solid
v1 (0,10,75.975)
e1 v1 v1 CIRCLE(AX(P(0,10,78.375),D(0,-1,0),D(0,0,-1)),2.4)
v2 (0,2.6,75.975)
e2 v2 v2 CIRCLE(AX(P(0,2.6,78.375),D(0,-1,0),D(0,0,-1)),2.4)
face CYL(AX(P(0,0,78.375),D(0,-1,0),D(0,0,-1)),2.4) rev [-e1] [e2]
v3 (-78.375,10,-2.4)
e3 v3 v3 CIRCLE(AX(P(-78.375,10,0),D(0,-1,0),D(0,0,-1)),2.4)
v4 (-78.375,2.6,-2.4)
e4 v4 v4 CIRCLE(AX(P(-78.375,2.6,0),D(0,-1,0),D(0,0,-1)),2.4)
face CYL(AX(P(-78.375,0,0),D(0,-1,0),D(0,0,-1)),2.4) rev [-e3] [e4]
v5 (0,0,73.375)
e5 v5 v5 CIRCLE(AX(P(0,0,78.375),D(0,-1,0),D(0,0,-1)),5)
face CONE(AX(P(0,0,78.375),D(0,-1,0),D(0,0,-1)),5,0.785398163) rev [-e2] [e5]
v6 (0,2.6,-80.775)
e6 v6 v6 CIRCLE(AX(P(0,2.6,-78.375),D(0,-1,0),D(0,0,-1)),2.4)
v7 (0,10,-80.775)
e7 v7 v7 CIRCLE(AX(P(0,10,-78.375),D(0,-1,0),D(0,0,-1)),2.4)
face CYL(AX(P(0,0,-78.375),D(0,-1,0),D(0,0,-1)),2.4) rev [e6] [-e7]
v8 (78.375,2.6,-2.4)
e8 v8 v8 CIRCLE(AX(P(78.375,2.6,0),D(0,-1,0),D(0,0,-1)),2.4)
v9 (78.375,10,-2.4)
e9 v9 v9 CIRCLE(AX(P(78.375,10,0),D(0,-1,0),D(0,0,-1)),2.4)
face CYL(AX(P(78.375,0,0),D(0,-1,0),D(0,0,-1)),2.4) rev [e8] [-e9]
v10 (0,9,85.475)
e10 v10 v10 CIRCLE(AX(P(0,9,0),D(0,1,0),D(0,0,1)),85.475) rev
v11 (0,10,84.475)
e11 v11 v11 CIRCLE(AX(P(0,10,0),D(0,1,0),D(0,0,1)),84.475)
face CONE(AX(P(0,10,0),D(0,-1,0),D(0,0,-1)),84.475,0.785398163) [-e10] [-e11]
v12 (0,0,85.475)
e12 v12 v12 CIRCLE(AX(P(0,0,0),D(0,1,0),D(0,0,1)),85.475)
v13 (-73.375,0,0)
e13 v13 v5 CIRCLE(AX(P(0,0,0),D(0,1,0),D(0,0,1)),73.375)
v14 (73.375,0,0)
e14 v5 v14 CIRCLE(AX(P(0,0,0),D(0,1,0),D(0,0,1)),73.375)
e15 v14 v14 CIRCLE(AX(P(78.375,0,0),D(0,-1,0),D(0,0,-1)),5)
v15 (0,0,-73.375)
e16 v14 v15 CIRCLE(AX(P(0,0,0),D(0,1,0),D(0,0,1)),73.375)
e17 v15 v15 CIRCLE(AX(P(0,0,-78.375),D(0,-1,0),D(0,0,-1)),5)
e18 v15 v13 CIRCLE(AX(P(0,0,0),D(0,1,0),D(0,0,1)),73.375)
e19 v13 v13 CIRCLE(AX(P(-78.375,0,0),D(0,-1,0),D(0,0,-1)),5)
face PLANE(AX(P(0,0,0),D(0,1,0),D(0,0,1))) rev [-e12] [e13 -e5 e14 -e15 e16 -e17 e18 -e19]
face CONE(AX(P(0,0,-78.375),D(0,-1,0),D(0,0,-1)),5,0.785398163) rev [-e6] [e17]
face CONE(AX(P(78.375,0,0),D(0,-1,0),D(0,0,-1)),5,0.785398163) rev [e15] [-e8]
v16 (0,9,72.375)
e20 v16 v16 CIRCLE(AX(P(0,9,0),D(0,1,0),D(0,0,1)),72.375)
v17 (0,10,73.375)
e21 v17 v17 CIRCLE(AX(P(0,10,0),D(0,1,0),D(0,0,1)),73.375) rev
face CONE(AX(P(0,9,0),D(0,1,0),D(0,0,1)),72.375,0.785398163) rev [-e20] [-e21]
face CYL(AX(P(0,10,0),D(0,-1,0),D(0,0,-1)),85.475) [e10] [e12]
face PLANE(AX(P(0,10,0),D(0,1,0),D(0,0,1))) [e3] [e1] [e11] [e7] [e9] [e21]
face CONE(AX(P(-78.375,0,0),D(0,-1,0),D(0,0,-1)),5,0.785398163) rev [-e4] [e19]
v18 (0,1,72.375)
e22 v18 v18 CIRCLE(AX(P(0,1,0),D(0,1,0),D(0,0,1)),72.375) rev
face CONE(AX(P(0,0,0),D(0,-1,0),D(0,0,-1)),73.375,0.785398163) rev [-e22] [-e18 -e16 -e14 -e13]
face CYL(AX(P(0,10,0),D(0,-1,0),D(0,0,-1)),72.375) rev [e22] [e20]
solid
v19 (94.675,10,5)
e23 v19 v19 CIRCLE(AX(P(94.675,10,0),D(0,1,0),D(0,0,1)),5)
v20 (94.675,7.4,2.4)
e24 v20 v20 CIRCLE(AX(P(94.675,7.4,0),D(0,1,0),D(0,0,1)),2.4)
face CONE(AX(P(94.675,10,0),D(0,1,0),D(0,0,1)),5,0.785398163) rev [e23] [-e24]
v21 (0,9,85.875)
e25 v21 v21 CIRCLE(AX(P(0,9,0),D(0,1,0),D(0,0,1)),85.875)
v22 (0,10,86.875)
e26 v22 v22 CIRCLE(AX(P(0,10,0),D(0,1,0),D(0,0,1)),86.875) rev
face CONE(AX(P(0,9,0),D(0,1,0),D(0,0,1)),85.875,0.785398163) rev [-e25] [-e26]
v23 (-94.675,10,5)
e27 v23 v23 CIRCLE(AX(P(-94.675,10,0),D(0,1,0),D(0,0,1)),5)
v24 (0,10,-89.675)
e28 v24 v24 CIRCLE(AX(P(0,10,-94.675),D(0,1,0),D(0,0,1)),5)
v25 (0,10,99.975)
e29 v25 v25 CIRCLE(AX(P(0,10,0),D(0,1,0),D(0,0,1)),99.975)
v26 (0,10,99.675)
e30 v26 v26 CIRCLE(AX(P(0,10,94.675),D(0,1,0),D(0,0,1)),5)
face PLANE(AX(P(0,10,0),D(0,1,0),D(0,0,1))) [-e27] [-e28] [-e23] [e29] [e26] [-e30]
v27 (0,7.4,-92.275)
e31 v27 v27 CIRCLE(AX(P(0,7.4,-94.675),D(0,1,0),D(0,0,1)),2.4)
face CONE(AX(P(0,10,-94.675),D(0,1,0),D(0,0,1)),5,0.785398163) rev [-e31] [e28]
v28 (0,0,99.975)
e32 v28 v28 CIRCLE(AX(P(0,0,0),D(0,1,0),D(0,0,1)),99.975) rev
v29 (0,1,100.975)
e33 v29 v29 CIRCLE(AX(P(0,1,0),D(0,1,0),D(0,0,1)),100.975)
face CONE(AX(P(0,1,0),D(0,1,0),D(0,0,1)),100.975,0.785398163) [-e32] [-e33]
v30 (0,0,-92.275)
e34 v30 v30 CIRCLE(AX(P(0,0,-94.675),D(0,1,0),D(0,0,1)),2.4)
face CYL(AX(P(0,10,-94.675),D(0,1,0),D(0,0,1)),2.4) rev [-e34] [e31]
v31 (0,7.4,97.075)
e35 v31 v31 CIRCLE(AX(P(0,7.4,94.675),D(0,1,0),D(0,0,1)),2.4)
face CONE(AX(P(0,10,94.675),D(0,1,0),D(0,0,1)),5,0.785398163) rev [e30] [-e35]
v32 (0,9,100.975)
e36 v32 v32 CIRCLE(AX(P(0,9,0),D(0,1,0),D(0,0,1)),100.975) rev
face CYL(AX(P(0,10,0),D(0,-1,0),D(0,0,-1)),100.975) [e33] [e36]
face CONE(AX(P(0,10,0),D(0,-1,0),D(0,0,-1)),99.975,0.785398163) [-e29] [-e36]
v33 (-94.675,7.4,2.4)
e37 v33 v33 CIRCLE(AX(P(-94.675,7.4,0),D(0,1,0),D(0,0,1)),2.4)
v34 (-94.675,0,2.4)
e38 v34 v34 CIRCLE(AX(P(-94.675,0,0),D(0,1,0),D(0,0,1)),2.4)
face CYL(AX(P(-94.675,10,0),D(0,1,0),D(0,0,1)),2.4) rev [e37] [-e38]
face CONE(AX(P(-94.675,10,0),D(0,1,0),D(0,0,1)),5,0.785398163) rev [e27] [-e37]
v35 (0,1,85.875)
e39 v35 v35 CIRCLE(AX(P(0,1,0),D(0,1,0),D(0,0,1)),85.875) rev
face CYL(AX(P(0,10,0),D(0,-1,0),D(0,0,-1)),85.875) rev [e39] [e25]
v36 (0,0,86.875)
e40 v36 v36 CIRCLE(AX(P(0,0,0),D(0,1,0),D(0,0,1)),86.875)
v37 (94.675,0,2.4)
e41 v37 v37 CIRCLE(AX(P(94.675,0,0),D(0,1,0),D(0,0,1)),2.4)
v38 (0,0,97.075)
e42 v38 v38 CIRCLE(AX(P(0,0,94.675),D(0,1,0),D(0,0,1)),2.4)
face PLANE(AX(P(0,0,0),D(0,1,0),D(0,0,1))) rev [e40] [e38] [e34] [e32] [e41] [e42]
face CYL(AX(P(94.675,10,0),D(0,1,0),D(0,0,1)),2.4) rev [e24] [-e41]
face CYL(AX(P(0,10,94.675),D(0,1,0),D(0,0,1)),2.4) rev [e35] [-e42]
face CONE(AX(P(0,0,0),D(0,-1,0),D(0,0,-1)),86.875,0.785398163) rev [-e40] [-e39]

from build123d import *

# Parameters (mm, degrees)
SKETCH1_R                                      = 100.975
SKETCH1_R_2                                    = 85.875
BOSS_EXTRUDE1_DEPTH                            = 10
SKETCH1_R_3                                    = 85.475
SKETCH1_R_4                                    = 72.375
BOSS_EXTRUDE1_2_DEPTH                          = 10
CHAMFER1_SIZE                                  = 1
CHAMFER2_SIZE                                  = 1
CSK_FOR_M4_FLAT_HEAD_MACHINE_SCREW1_AT_2_COUNT = 2
CSK_FOR_M4_FLAT_HEAD_MACHINE_SCREW1_AT_2_PITCH = 133.890669018
CSK_FOR_M4_FLAT_HEAD_MACHINE_SCREW1_AT_3_COUNT = 2
CSK_FOR_M4_FLAT_HEAD_MACHINE_SCREW1_AT_3_PITCH = 189.35
CSK_FOR_M4_FLAT_HEAD_MACHINE_SCREW1_AT_4_COUNT = 2
CSK_FOR_M4_FLAT_HEAD_MACHINE_SCREW1_AT_4_PITCH = 133.890669018
CSK_FOR_M4_FLAT_HEAD_MACHINE_SCREW2_AT_2_COUNT = 2
CSK_FOR_M4_FLAT_HEAD_MACHINE_SCREW2_AT_2_PITCH = 110.838987951
CSK_FOR_M4_FLAT_HEAD_MACHINE_SCREW2_AT_3_COUNT = 2
CSK_FOR_M4_FLAT_HEAD_MACHINE_SCREW2_AT_3_PITCH = 156.75
CSK_FOR_M4_FLAT_HEAD_MACHINE_SCREW2_AT_4_COUNT = 2
CSK_FOR_M4_FLAT_HEAD_MACHINE_SCREW2_AT_4_PITCH = 110.838987951


with BuildPart() as part:
    # Sketch1 → Boss-Extrude1 (new body)
    with BuildSketch(Plane(origin=(0, 0, 0), x_dir=(1, 0, 0), z_dir=(0, 1, 0))):
        with Locations(Location((0, 0, 0), (0, 0, 270))):
            Circle(SKETCH1_R)
        with Locations(Location((0, 0, 0), (0, 0, 270))):
            Circle(SKETCH1_R_2, mode=Mode.SUBTRACT)
    extrude(amount=BOSS_EXTRUDE1_DEPTH)

    # Chamfer2
    chamfer2_edges = [part.edges().sort_by_distance(p)[0] for p in [
        (0, 10, -100.975),
        (0, 0, -100.975),
        (0, 0, -85.875),
        (0, 10, -85.875),
    ]]
    chamfer(chamfer2_edges, length=CHAMFER2_SIZE)

    # Sketch4 → CSK for M4 Flat Head Machine Screw1 (revolve, cut)
    with BuildSketch(Plane(origin=(94.675, 10, 0), x_dir=(0, 0, 1), z_dir=(1, 0, 0))):
        Polygon((0, 0), (0, 10), (2.4, 10), (2.4, 2.6), (5, 0), align=None)
    csk_for_m4_flat_head_machine_screw1 = revolve(axis=Axis((94.675, 16.35, 0), (0, -1, 0)), mode=Mode.SUBTRACT)

    # CSK for M4 Flat Head Machine Screw1 at 2: CSK for M4 Flat Head Machine Screw1 ×2
    with Locations(*[Vector(-0.7071067811865475, 0, 0.7071067811865476) * (i * CSK_FOR_M4_FLAT_HEAD_MACHINE_SCREW1_AT_2_PITCH) for i in range(1, CSK_FOR_M4_FLAT_HEAD_MACHINE_SCREW1_AT_2_COUNT)]):
        add(csk_for_m4_flat_head_machine_screw1, mode=Mode.SUBTRACT)

    # CSK for M4 Flat Head Machine Screw1 at 3: CSK for M4 Flat Head Machine Screw1 ×2
    with Locations(*[(-i * CSK_FOR_M4_FLAT_HEAD_MACHINE_SCREW1_AT_3_PITCH, 0, 0) for i in range(1, CSK_FOR_M4_FLAT_HEAD_MACHINE_SCREW1_AT_3_COUNT)]):
        add(csk_for_m4_flat_head_machine_screw1, mode=Mode.SUBTRACT)

    # CSK for M4 Flat Head Machine Screw1 at 4: CSK for M4 Flat Head Machine Screw1 ×2
    with Locations(*[Vector(-0.7071067811865475, 0, -0.7071067811865476) * (i * CSK_FOR_M4_FLAT_HEAD_MACHINE_SCREW1_AT_4_PITCH) for i in range(1, CSK_FOR_M4_FLAT_HEAD_MACHINE_SCREW1_AT_4_COUNT)]):
        add(csk_for_m4_flat_head_machine_screw1, mode=Mode.SUBTRACT)


with BuildPart() as body_2:
    # Sketch1 → Boss-Extrude1 2 (new body)
    with BuildSketch(Plane(origin=(0, 0, 0), x_dir=(1, 0, 0), z_dir=(0, 1, 0))):
        with Locations(Location((0, 0, 0), (0, 0, 270))):
            Circle(SKETCH1_R_3)
        with Locations(Location((0, 0, 0), (0, 0, 270))):
            Circle(SKETCH1_R_4, mode=Mode.SUBTRACT)
    extrude(amount=BOSS_EXTRUDE1_2_DEPTH)

    # Chamfer1
    chamfer1_edges = [body_2.edges().sort_by_distance(p)[0] for p in [
        (0, 10, -85.475),
        (0, 0, -72.375),
        (0, 10, -72.375),
    ]]
    chamfer(chamfer1_edges, length=CHAMFER1_SIZE)

    # Sketch6 → CSK for M4 Flat Head Machine Screw2 (revolve, cut)
    with BuildSketch(Plane(origin=(0, 0, 78.375), x_dir=(0, 0, -1), z_dir=(1, 0, 0))):
        Polygon((0, 0), (0, 10), (2.4, 10), (2.4, 2.6), (5, 0), align=None)
    csk_for_m4_flat_head_machine_screw2 = revolve(axis=Axis((0, -6.35, 78.375), (0, 1, 0)), mode=Mode.SUBTRACT)

    # CSK for M4 Flat Head Machine Screw2 at 2: CSK for M4 Flat Head Machine Screw2 ×2
    with Locations(*[Vector(0.7071067811865476, 0, -0.7071067811865476) * (i * CSK_FOR_M4_FLAT_HEAD_MACHINE_SCREW2_AT_2_PITCH) for i in range(1, CSK_FOR_M4_FLAT_HEAD_MACHINE_SCREW2_AT_2_COUNT)]):
        add(csk_for_m4_flat_head_machine_screw2, mode=Mode.SUBTRACT)

    # CSK for M4 Flat Head Machine Screw2 at 3: CSK for M4 Flat Head Machine Screw2 ×2
    with Locations(*[(0, 0, -i * CSK_FOR_M4_FLAT_HEAD_MACHINE_SCREW2_AT_3_PITCH) for i in range(1, CSK_FOR_M4_FLAT_HEAD_MACHINE_SCREW2_AT_3_COUNT)]):
        add(csk_for_m4_flat_head_machine_screw2, mode=Mode.SUBTRACT)

    # CSK for M4 Flat Head Machine Screw2 at 4: CSK for M4 Flat Head Machine Screw2 ×2
    with Locations(*[Vector(-0.7071067811865476, 0, -0.7071067811865476) * (i * CSK_FOR_M4_FLAT_HEAD_MACHINE_SCREW2_AT_4_PITCH) for i in range(1, CSK_FOR_M4_FLAT_HEAD_MACHINE_SCREW2_AT_4_COUNT)]):
        add(csk_for_m4_flat_head_machine_screw2, mode=Mode.SUBTRACT)


solid = Compound([part.part, body_2.part])
